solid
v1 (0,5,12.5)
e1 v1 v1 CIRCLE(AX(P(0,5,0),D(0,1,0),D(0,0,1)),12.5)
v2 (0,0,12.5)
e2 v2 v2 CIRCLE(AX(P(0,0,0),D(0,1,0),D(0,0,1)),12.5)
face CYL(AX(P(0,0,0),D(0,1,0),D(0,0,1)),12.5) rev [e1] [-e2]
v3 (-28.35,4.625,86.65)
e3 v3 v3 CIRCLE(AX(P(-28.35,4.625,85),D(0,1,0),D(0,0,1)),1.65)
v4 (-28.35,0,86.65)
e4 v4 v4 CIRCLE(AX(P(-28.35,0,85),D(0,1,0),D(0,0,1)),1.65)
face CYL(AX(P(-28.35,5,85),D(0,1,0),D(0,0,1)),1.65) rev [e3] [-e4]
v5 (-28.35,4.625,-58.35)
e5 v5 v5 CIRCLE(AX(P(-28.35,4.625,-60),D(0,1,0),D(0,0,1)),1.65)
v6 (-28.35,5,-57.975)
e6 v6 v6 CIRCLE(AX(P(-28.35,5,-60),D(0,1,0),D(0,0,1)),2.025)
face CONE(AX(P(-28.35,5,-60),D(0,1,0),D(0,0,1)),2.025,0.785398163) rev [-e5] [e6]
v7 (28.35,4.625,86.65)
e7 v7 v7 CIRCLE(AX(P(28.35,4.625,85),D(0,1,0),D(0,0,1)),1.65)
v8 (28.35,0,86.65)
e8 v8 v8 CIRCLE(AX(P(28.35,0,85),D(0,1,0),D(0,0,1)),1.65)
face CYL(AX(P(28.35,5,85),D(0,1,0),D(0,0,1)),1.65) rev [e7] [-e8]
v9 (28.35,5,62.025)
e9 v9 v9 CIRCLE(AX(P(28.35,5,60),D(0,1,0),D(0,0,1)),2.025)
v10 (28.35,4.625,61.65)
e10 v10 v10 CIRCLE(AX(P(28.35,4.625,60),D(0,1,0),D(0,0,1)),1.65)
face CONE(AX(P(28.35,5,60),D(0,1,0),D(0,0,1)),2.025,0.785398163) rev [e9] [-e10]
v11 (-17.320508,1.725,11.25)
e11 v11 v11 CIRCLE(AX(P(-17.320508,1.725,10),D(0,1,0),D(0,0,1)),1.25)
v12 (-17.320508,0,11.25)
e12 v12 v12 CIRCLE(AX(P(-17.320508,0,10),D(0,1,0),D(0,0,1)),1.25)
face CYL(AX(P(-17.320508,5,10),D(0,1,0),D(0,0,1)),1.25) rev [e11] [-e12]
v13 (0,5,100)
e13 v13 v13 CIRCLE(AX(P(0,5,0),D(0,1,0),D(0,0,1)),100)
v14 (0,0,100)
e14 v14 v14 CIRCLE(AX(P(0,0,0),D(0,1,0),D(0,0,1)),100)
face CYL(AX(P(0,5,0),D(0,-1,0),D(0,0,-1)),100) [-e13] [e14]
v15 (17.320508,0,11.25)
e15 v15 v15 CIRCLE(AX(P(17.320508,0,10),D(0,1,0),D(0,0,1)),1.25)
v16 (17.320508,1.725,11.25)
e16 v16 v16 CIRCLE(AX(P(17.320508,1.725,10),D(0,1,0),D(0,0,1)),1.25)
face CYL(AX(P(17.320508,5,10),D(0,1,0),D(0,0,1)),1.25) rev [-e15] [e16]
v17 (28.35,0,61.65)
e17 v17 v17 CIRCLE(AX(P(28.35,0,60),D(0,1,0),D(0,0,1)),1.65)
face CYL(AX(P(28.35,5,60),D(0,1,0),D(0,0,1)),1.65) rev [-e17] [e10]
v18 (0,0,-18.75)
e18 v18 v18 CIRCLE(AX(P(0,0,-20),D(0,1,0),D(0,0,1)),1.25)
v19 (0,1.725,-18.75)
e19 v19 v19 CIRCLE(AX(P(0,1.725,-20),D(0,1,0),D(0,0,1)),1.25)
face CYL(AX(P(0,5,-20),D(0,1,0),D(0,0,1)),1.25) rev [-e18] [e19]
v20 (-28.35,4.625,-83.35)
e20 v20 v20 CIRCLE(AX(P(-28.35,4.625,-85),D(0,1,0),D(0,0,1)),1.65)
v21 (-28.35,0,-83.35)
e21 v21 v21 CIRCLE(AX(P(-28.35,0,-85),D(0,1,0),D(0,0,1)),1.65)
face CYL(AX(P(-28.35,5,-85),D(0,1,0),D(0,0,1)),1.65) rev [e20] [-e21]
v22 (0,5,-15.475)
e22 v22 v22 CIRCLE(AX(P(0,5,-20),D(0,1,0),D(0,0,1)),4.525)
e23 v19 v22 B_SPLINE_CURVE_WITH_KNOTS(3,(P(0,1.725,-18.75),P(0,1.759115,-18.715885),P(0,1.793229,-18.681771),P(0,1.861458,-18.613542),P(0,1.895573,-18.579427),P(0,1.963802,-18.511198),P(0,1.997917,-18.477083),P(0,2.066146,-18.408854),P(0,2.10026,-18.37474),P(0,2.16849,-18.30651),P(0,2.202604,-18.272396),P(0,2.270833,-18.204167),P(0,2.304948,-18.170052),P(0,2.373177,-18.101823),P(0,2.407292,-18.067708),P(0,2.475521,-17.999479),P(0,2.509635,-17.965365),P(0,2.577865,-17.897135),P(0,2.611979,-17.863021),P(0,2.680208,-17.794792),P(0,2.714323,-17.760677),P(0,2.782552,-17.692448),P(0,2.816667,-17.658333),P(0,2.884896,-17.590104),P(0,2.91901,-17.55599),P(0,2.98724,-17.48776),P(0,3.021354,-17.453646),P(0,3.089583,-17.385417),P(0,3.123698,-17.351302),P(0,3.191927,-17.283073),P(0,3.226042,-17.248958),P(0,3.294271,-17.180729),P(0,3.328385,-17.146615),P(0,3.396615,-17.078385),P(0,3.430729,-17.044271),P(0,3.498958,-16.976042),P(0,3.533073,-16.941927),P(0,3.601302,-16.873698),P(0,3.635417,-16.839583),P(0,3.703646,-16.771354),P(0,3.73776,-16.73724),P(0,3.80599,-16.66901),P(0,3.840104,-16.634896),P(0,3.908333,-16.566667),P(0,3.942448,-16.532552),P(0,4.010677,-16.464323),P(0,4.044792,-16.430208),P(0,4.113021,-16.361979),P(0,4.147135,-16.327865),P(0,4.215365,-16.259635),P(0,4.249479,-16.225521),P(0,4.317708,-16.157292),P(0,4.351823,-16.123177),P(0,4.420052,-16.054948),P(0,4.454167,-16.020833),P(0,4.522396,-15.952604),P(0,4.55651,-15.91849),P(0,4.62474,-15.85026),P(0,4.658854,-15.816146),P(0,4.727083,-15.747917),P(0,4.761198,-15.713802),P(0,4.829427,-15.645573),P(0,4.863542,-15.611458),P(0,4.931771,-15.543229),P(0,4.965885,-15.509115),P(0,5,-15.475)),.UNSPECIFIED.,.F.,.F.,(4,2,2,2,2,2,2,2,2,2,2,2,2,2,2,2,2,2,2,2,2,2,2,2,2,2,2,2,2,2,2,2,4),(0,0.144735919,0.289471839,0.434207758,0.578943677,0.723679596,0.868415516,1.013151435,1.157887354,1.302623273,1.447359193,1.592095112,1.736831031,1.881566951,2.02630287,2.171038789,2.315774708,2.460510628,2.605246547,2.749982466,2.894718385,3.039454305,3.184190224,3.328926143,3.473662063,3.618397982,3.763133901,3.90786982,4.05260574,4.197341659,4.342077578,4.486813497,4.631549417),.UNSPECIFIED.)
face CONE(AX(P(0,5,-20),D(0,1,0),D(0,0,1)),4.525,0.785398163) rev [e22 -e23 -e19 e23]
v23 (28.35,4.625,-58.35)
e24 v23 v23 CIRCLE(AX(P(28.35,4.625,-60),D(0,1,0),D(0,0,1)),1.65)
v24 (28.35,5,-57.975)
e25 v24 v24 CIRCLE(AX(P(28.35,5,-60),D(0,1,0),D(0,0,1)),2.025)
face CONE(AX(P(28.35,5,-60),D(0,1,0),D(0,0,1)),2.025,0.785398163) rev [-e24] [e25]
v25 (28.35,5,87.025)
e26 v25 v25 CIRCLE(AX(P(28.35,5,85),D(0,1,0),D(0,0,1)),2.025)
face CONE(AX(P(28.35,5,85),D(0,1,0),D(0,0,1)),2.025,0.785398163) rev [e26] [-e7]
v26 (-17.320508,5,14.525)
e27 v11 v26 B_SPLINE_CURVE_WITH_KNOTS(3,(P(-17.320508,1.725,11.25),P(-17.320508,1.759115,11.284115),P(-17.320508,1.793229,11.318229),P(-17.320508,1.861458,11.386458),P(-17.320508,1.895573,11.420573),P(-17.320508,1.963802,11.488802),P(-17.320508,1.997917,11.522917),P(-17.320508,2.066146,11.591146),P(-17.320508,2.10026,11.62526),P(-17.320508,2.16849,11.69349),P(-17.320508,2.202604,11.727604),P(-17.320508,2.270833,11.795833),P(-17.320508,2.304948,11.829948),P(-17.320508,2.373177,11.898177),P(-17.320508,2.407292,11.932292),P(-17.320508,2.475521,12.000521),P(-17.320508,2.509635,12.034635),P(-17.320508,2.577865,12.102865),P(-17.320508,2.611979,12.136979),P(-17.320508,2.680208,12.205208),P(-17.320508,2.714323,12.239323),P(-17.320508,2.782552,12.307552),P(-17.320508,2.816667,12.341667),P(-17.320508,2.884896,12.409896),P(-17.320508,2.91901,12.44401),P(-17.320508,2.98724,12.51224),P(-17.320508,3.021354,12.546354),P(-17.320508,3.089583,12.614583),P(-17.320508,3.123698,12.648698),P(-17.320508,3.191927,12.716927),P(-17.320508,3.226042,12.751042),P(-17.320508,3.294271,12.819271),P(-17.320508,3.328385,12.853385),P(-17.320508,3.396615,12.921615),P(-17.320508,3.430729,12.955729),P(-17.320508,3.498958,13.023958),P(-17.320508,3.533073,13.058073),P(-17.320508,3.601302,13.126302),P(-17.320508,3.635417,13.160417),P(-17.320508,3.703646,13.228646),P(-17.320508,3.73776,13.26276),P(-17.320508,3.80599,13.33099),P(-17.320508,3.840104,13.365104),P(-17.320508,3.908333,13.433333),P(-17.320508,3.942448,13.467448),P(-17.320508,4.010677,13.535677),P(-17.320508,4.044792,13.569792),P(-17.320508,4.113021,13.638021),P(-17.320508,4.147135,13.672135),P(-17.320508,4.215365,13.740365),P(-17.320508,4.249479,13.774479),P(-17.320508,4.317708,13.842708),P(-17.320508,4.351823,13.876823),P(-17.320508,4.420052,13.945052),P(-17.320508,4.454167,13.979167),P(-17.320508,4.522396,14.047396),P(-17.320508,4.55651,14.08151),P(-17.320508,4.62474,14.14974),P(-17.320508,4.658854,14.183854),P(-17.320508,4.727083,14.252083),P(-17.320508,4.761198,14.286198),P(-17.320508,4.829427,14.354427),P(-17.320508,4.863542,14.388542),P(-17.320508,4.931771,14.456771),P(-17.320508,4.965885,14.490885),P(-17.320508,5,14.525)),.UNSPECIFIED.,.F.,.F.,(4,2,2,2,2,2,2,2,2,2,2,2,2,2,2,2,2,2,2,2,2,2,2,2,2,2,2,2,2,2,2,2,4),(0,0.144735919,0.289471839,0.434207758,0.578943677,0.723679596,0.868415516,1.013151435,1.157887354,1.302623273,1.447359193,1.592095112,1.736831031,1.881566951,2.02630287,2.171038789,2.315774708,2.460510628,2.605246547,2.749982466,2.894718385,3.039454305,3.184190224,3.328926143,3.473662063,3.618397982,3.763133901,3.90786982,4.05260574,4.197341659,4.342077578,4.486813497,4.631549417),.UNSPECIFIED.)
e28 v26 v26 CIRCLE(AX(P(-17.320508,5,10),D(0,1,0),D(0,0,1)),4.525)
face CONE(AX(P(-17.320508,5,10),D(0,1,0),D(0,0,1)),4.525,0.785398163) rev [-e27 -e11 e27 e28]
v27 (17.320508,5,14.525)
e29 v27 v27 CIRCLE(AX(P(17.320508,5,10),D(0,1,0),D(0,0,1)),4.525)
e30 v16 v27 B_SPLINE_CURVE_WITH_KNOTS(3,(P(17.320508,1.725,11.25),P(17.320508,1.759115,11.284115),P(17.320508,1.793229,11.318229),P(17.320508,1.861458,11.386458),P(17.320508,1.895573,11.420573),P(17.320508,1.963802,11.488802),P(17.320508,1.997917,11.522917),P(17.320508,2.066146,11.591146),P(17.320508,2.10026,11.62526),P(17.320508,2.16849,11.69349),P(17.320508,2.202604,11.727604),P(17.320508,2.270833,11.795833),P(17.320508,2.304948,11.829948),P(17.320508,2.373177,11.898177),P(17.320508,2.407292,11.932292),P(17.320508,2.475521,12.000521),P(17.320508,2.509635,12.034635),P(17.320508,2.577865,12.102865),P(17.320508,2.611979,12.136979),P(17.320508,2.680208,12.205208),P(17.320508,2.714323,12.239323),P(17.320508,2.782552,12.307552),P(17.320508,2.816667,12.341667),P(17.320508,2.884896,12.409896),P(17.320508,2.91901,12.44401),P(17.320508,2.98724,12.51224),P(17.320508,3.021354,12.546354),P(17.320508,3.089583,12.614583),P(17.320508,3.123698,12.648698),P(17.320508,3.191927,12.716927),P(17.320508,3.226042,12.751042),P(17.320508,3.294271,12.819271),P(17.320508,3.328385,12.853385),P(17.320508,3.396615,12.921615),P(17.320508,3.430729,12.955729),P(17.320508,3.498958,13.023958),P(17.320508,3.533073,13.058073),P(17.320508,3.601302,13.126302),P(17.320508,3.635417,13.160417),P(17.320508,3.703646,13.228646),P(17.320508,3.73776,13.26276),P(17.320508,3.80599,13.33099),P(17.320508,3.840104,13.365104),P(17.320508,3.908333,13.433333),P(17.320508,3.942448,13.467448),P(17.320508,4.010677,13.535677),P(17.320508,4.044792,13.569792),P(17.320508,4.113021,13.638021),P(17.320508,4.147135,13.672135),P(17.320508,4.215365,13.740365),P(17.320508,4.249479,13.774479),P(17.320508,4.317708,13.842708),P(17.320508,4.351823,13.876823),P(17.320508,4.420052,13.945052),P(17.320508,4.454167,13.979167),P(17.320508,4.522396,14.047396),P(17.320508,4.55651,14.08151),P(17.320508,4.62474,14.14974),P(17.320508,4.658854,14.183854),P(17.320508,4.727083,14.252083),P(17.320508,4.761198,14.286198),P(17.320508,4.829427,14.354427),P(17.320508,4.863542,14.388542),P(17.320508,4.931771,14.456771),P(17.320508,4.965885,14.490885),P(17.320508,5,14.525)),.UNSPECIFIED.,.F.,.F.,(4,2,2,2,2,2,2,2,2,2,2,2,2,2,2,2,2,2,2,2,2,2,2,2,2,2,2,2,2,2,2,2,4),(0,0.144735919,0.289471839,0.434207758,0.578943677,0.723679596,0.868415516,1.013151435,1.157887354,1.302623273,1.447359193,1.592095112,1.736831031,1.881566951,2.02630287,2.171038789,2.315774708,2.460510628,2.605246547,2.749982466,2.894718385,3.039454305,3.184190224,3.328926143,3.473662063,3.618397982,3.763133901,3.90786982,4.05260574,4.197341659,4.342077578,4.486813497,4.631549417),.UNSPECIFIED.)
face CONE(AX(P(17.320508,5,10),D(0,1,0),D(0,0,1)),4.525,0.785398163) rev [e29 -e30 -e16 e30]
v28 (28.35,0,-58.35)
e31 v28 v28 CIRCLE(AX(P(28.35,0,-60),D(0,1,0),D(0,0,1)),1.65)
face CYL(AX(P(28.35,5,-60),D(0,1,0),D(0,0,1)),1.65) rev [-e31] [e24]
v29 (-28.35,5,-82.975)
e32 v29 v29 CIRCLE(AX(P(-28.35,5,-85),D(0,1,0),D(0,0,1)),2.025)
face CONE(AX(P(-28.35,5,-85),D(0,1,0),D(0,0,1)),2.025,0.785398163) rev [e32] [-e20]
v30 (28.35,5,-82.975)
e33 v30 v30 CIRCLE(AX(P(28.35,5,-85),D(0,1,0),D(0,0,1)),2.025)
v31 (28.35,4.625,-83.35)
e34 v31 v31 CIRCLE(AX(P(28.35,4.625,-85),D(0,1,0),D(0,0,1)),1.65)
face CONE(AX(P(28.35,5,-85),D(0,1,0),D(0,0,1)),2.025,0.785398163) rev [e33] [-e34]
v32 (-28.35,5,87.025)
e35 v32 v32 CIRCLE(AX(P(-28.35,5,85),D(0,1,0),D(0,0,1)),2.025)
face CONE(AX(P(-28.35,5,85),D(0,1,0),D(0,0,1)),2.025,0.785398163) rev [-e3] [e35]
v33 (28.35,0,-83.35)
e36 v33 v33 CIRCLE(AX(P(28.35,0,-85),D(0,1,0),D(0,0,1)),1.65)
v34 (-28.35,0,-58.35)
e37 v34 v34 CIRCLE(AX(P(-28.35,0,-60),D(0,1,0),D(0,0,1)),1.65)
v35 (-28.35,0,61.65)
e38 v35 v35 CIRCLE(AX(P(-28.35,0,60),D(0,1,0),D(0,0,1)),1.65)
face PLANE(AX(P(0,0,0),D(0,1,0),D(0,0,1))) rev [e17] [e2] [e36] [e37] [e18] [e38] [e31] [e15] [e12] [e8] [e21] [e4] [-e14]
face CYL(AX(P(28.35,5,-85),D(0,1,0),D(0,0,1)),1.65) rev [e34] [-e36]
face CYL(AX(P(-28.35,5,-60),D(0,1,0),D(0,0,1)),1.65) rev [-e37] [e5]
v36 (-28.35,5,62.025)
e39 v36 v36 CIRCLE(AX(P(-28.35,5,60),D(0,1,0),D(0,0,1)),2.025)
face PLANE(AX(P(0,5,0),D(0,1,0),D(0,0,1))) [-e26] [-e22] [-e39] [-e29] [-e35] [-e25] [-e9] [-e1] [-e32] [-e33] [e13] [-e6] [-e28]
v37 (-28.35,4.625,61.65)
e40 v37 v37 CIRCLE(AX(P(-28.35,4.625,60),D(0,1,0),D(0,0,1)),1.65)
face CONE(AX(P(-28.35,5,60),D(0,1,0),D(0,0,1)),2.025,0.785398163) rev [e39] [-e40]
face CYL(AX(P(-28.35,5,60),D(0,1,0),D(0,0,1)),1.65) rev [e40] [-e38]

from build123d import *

# Parameters (mm, degrees)
SKETCH_1_R                   = 100
EXTRUDE_1_DEPTH              = 5
HOLE_WIZARD_M3_1_D           = 2.5
HOLE_WIZARD_M3_1_CSINK_D     = 9.05
HOLE_WIZARD_M3_1_CSINK_ANGLE = 90
SKETCH_5_R                   = 12.5
CUT_EXTRUDE_1_DEPTH          = 142.509716981
HOLE_WIZARD_M4_2_D           = 3.3
HOLE_WIZARD_M4_2_DEPTH       = 5
HOLE_WIZARD_M4_2_CSINK_D     = 4.05
HOLE_WIZARD_M4_2_CSINK_ANGLE = 90


with BuildPart() as part:
    # 草图1 → 凸台-拉伸1 (new body)
    with BuildSketch(Plane(origin=(0, 0, 0), x_dir=(1, 0, 0), z_dir=(0, 1, 0))):
        with Locations(Location((0, 0, 0), (0, 0, 270))):
            Circle(SKETCH_1_R)
    extrude(amount=EXTRUDE_1_DEPTH)

    # M3 螺纹孔1 (through all)
    with Locations(Plane(origin=(0, 5, 0), x_dir=(1, 0, 0), z_dir=(0, 1, 0))):
        with Locations((0, 20), (17.320508076, -10), (-17.320508076, -10)):
            CounterSinkHole(HOLE_WIZARD_M3_1_D / 2, HOLE_WIZARD_M3_1_CSINK_D / 2, counter_sink_angle=HOLE_WIZARD_M3_1_CSINK_ANGLE)

    # 草图5 → 切除-拉伸1 (cut, through all)
    with BuildSketch(Plane(origin=(0, 5, 0), x_dir=(1, 0, 0), z_dir=(0, 1, 0))):
        with Locations(Location((0, 0, 0), (0, 0, 270))):
            Circle(SKETCH_5_R)
    extrude(amount=-CUT_EXTRUDE_1_DEPTH, mode=Mode.SUBTRACT)

    # M4 螺纹孔2
    with Locations(Plane(origin=(0, 5, 0), x_dir=(1, 0, 0), z_dir=(0, 1, 0))):
        with Locations((0, 0), (-28.35, 85), (28.35, 85), (28.35, -85), (-28.35, -85), (-28.35, 60), (28.35, 60), (-28.35, -60), (28.35, -60)):
            CounterSinkHole(HOLE_WIZARD_M4_2_D / 2, HOLE_WIZARD_M4_2_CSINK_D / 2, depth=HOLE_WIZARD_M4_2_DEPTH, counter_sink_angle=HOLE_WIZARD_M4_2_CSINK_ANGLE)


solid = part.part
